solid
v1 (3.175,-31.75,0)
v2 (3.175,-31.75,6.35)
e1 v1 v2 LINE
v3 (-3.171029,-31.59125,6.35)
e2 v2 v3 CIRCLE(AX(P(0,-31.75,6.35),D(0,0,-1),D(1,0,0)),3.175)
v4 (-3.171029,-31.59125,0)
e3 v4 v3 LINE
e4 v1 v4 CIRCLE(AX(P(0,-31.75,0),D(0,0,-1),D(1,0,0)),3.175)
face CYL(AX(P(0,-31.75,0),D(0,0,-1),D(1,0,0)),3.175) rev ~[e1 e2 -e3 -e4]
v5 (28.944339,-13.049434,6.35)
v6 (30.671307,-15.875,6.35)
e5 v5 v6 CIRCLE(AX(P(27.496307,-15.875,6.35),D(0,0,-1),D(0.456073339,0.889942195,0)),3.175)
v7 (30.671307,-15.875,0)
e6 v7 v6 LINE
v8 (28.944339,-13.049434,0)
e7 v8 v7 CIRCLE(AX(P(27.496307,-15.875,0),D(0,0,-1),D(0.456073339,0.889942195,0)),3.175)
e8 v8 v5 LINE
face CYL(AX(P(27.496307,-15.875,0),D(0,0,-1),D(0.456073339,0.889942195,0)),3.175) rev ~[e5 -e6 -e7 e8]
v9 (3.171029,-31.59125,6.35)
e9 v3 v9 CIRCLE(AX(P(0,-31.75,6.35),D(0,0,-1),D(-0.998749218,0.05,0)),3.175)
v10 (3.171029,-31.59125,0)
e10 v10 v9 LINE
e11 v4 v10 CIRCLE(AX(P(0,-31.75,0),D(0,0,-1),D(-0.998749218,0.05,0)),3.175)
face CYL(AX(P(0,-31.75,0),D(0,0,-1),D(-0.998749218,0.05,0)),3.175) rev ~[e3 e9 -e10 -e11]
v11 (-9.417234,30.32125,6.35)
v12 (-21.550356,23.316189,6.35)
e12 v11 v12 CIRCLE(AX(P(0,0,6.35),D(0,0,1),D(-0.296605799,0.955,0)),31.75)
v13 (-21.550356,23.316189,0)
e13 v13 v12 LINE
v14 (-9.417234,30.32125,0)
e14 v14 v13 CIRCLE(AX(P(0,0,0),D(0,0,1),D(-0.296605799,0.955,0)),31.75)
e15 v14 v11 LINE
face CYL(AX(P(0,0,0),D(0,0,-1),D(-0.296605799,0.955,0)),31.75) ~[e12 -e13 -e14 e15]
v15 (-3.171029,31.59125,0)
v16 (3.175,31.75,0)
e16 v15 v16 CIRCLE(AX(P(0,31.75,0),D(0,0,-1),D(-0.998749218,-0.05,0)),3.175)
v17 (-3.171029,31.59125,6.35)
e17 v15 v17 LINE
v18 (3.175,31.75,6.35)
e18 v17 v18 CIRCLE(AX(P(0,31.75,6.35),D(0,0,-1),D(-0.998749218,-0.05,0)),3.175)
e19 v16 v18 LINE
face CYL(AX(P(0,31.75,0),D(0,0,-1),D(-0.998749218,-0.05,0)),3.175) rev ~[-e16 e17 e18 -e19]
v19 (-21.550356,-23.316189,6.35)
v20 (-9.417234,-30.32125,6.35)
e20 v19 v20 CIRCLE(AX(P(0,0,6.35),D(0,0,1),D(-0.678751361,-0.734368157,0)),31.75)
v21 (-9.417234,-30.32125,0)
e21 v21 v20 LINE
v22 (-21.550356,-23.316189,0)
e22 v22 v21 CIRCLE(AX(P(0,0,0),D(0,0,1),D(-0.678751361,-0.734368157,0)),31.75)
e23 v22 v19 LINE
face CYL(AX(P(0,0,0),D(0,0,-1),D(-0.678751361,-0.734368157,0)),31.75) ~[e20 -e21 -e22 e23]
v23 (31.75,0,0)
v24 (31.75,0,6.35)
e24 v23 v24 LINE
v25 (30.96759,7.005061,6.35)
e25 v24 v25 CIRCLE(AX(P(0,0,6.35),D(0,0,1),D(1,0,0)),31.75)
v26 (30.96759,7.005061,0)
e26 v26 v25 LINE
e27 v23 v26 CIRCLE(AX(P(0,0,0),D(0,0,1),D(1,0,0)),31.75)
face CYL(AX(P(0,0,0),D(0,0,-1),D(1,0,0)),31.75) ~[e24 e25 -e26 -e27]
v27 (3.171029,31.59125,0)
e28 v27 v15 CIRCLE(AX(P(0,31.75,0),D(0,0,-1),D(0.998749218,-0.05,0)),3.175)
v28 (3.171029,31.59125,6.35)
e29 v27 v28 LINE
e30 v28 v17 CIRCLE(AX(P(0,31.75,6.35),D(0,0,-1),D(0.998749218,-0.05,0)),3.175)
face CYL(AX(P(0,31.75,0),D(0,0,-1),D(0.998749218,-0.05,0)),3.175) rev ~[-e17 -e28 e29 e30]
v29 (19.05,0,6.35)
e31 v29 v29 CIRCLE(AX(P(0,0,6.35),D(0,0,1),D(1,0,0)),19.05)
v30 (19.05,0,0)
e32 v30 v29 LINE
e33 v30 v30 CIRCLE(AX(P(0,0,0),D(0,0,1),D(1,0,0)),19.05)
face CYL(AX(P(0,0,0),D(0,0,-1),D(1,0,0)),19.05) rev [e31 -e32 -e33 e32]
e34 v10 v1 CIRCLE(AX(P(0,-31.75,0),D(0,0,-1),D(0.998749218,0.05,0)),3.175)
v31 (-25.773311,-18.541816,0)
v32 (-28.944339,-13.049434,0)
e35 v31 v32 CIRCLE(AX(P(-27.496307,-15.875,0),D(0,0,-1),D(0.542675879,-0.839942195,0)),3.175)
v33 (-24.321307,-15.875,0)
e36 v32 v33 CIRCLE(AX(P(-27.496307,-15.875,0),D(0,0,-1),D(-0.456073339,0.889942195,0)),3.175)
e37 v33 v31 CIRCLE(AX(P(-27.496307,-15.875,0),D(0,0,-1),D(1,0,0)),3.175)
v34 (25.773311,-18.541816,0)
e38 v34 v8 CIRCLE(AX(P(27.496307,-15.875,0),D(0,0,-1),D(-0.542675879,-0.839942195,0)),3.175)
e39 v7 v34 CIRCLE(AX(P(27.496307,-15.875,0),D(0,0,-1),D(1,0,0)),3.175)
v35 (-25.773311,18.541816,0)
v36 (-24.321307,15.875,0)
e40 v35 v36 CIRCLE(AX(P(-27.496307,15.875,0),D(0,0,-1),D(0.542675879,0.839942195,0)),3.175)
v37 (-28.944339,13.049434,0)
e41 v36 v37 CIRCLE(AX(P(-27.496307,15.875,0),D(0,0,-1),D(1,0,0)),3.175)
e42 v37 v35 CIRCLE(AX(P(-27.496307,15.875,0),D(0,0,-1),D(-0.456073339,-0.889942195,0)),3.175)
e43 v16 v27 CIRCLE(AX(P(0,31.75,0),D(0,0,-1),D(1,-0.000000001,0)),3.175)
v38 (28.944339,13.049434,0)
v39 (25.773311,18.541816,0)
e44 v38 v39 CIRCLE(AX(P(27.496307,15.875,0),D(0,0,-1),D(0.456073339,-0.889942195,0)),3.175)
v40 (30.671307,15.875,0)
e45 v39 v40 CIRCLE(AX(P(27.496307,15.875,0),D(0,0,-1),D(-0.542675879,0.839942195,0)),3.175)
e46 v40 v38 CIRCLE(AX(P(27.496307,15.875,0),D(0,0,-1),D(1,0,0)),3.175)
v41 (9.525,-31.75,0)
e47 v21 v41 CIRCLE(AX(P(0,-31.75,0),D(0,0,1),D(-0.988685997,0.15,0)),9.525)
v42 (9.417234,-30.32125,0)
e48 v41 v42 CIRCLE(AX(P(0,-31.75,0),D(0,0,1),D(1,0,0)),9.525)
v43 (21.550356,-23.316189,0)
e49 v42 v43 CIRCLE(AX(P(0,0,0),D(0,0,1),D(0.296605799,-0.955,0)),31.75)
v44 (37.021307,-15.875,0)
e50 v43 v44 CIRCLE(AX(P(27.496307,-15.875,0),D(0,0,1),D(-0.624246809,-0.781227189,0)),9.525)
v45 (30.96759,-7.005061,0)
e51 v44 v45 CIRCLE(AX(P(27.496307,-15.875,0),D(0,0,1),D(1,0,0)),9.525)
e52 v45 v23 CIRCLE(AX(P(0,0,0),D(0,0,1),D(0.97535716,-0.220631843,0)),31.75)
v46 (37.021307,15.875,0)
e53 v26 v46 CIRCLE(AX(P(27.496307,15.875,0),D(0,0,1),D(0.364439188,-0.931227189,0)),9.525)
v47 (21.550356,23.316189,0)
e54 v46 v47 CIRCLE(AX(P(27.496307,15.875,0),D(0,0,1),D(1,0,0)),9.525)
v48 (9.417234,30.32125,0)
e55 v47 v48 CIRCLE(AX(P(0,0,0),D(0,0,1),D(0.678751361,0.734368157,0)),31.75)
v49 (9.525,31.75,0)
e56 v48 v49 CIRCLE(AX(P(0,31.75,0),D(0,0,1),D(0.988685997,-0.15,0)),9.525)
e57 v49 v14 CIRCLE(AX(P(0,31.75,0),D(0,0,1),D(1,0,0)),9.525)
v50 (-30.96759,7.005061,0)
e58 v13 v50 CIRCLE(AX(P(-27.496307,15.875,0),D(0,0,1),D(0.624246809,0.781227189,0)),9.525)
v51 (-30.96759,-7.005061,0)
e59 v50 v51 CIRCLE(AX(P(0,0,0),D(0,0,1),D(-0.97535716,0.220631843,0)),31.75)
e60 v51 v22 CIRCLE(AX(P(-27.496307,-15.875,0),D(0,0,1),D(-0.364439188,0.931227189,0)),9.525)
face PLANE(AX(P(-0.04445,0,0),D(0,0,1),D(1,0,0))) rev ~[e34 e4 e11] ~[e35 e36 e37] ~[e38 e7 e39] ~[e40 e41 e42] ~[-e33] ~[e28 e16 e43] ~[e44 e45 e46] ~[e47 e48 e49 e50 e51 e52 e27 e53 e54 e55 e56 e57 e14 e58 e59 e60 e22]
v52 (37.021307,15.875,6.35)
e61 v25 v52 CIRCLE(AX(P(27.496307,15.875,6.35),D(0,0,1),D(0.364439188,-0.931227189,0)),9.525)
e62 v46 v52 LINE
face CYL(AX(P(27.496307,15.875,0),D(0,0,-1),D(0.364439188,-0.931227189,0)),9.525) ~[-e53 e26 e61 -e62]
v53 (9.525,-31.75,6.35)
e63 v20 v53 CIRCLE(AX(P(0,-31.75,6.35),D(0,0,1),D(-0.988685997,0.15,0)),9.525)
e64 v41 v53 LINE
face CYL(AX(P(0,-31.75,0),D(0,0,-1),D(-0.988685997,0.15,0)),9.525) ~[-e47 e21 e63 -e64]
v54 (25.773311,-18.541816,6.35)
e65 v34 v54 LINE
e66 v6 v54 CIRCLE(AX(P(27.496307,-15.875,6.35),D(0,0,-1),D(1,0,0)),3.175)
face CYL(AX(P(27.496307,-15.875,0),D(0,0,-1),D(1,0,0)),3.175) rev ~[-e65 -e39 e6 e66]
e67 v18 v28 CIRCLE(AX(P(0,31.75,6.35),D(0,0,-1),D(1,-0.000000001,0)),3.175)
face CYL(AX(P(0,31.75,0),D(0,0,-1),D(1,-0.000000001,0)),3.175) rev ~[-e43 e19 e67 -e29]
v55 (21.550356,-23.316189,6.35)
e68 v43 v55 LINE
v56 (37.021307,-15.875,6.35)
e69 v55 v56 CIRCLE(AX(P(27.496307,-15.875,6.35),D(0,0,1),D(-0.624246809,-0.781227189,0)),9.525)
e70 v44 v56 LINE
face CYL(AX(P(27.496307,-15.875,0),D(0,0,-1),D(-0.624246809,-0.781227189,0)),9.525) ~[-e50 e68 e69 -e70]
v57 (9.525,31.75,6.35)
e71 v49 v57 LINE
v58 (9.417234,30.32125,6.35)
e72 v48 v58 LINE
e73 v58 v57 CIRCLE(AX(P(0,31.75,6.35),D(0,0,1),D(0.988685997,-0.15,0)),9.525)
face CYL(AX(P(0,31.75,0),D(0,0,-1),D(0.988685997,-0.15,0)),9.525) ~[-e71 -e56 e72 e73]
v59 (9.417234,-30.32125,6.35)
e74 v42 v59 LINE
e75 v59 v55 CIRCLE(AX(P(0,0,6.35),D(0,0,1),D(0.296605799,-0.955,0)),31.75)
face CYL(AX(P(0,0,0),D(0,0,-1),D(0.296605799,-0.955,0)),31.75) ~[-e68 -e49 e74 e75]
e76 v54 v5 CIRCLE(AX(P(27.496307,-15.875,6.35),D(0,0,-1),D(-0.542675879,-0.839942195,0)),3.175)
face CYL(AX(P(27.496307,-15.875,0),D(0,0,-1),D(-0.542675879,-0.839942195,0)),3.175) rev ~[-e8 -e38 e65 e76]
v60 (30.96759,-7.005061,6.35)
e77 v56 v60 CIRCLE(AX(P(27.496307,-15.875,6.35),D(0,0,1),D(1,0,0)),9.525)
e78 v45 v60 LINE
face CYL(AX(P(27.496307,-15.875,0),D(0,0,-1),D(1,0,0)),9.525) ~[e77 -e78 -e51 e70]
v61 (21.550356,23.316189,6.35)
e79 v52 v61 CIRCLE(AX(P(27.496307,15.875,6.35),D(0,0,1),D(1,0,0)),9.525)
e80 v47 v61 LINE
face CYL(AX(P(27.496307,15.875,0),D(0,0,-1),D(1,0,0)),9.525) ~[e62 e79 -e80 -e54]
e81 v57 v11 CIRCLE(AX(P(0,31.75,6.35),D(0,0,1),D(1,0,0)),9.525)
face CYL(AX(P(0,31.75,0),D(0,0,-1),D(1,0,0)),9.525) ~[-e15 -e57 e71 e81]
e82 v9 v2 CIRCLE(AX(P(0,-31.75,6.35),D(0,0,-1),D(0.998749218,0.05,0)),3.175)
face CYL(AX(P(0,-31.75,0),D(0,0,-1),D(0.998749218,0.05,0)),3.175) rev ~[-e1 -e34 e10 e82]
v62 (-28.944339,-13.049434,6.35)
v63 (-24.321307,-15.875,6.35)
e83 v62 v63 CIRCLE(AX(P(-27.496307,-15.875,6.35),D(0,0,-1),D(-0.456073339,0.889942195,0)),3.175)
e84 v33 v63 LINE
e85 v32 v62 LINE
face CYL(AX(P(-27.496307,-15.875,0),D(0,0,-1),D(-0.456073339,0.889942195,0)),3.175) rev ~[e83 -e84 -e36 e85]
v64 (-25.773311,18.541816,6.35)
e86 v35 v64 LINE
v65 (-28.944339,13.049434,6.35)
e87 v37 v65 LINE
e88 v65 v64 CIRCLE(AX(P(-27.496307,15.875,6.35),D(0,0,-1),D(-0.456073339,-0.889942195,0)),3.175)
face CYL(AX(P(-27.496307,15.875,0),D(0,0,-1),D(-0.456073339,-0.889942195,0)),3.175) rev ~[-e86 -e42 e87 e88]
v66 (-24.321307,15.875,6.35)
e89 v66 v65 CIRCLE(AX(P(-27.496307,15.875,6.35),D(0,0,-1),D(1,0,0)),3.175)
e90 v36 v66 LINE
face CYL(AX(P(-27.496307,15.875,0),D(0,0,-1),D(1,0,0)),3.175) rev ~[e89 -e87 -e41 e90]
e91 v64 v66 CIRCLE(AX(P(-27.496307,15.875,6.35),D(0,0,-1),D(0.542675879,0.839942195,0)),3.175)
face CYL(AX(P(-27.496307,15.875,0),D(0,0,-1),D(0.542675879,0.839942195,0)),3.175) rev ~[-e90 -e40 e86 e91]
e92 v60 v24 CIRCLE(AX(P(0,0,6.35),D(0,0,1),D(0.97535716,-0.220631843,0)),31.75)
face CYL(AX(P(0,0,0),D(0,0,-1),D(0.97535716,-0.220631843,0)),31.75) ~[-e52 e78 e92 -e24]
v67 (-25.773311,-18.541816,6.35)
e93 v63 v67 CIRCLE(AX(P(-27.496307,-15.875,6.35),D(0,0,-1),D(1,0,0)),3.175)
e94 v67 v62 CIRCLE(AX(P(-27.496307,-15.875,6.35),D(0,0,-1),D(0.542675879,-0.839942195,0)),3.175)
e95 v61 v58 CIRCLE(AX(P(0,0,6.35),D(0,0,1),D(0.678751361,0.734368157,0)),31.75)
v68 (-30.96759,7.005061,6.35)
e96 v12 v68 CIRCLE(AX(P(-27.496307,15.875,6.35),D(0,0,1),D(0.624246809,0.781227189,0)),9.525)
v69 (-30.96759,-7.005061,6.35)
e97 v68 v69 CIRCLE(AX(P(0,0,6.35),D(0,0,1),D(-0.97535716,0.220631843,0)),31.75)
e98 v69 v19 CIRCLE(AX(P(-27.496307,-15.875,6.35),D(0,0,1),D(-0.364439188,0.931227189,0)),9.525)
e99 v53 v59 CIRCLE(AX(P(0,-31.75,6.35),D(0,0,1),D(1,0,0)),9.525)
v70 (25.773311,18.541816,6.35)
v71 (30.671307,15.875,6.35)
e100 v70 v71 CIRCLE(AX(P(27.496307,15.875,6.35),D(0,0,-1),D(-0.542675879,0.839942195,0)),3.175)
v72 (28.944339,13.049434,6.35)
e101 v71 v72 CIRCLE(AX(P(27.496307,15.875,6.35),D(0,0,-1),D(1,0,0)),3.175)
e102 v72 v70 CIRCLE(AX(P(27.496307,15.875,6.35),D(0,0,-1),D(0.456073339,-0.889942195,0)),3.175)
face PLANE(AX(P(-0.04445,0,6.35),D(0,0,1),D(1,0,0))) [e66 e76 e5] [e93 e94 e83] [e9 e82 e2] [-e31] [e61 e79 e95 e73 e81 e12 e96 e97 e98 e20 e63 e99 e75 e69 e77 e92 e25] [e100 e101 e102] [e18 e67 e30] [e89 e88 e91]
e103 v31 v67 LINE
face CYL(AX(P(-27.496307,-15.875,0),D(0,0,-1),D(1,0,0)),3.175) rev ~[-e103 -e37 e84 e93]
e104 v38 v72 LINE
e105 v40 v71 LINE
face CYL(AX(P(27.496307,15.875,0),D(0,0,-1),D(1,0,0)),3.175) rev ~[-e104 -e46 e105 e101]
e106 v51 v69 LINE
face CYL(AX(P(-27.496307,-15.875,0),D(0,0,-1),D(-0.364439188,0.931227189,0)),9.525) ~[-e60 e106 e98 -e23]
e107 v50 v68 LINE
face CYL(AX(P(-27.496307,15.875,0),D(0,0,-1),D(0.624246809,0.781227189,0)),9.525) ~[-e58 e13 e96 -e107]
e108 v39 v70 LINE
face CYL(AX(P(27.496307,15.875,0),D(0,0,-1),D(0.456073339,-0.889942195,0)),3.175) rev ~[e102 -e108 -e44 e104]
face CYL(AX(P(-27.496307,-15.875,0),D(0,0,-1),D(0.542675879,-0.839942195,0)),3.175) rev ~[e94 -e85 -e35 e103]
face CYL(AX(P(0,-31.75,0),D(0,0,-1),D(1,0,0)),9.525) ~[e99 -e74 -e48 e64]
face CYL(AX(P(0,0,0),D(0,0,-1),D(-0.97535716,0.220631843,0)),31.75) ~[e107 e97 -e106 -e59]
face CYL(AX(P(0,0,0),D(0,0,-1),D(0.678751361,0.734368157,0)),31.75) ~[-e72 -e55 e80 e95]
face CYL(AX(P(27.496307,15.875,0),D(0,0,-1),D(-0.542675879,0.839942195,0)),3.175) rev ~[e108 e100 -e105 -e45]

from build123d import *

# Parameters (mm, degrees)
F0_R     = 19.05
F1_DEPTH = 6.35


with BuildPart() as f1:
    # F0 (on Top) → F1 (new body)
    with BuildSketch(Plane.XY):
        with BuildLine():
            ThreePointArc((30.9675898336, -7.0050610202), (31.5537911923, -3.5243100589), (31.75, 0))
            ThreePointArc((31.75, 0), (31.5537911923, 3.5243100589), (30.9675898336, 7.0050610202))
            ThreePointArc((30.9675898336, 7.0050610202), (19.2474145991, 11.1125), (21.5503557154, 23.3161889798))
            ThreePointArc((21.5503557154, 23.3161889798), (15.875, 27.4963065702), (9.4172341182, 30.32125))
            ThreePointArc((9.4172341182, 30.32125), (0, 22.225), (-9.4172341182, 30.32125))
            ThreePointArc((-9.4172341182, 30.32125), (-15.875, 27.4963065702), (-21.5503557154, 23.3161889798))
            ThreePointArc((-21.5503557154, 23.3161889798), (-18.912577576, 20.0035859025), (-17.9713065702, 15.875))
            ThreePointArc((-17.9713065702, 15.875), (-22.1268721532, 8.0076752296), (-30.9675898336, 7.0050610202))
            ThreePointArc((-30.9675898336, 7.0050610202), (-31.75, 0), (-30.9675898336, -7.0050610202))
            ThreePointArc((-30.9675898336, -7.0050610202), (-22.1268721532, -8.0076752296), (-17.9713065702, -15.875))
            ThreePointArc((-17.9713065702, -15.875), (-18.912577576, -20.0035859025), (-21.5503557154, -23.3161889798))
            ThreePointArc((-21.5503557154, -23.3161889798), (-15.875, -27.4963065702), (-9.4172341182, -30.32125))
            ThreePointArc((-9.4172341182, -30.32125), (0, -22.225), (9.4172341182, -30.32125))
            ThreePointArc((9.4172341182, -30.32125), (15.875, -27.4963065702), (21.5503557154, -23.3161889798))
            ThreePointArc((21.5503557154, -23.3161889798), (19.2474145991, -11.1125), (30.9675898336, -7.0050610202))
        make_face()
        Circle(F0_R, mode=Mode.SUBTRACT)
        with BuildLine():
            ThreePointArc((21.5503557154, 23.3161889798), (19.2474145991, 11.1125), (30.9675898336, 7.0050610202))
            ThreePointArc((30.9675898336, 7.0050610202), (30.1080292697, 10.0781483168), (28.9443394205, 13.0494335321))
            ThreePointArc((28.9443394205, 13.0494335321), (24.7466759131, 14.2875), (25.7733106541, 18.5418164679))
            ThreePointArc((25.7733106541, 18.5418164679), (23.7819471003, 21.035244047), (21.5503557154, 23.3161889798))
        make_face()
        with BuildLine():
            ThreePointArc((28.9443394205, 13.0494335321), (30.1080292697, 10.0781483168), (30.9675898336, 7.0050610202))
            ThreePointArc((30.9675898336, 7.0050610202), (35.3636313405, 10.5055655831), (37.0213065702, 15.875))
            ThreePointArc((37.0213065702, 15.875), (31.6248924726, 24.4587289942), (21.5503557154, 23.3161889798))
            ThreePointArc((21.5503557154, 23.3161889798), (23.7819471003, 21.035244047), (25.7733106541, 18.5418164679))
            ThreePointArc((25.7733106541, 18.5418164679), (29.0145478169, 18.6634706412), (30.6713065702, 15.875))
            ThreePointArc((30.6713065702, 15.875), (30.2053773795, 14.2192342104), (28.9443394205, 13.0494335321))
        make_face()
        with BuildLine():
            ThreePointArc((37.0213065702, -15.875), (35.3636313405, -10.5055655831), (30.9675898336, -7.0050610202))
            ThreePointArc((30.9675898336, -7.0050610202), (30.1080292697, -10.0781483168), (28.9443394205, -13.0494335321))
            ThreePointArc((28.9443394205, -13.0494335321), (30.2053773795, -14.2192342104), (30.6713065702, -15.875))
            ThreePointArc((30.6713065702, -15.875), (29.0145478169, -18.6634706412), (25.7733106541, -18.5418164679))
            ThreePointArc((25.7733106541, -18.5418164679), (23.7819471003, -21.035244047), (21.5503557154, -23.3161889798))
            ThreePointArc((21.5503557154, -23.3161889798), (31.6248924726, -24.4587289942), (37.0213065702, -15.875))
        make_face()
        with BuildLine():
            ThreePointArc((28.9443394205, -13.0494335321), (30.1080292697, -10.0781483168), (30.9675898336, -7.0050610202))
            ThreePointArc((30.9675898336, -7.0050610202), (19.2474145991, -11.1125), (21.5503557154, -23.3161889798))
            ThreePointArc((21.5503557154, -23.3161889798), (23.7819471003, -21.035244047), (25.7733106541, -18.5418164679))
            ThreePointArc((25.7733106541, -18.5418164679), (24.7466759131, -14.2875), (28.9443394205, -13.0494335321))
        make_face()
        with BuildLine():
            ThreePointArc((-9.4172341182, 30.32125), (0, 22.225), (9.4172341182, 30.32125))
            ThreePointArc((9.4172341182, 30.32125), (6.3260821693, 31.1133923638), (3.1710287664, 31.59125))
            ThreePointArc((3.1710287664, 31.59125), (0, 28.575), (-3.1710287664, 31.59125))
            ThreePointArc((-3.1710287664, 31.59125), (-6.3260821693, 31.1133923638), (-9.4172341182, 30.32125))
        make_face()
        with BuildLine():
            ThreePointArc((3.1710287664, 31.59125), (6.3260821693, 31.1133923638), (9.4172341182, 30.32125))
            ThreePointArc((9.4172341182, 30.32125), (9.4980203194, 31.0335957762), (9.525, 31.75))
            ThreePointArc((9.525, 31.75), (-0.7164042238, 41.2480203194), (-9.4172341182, 30.32125))
            ThreePointArc((-9.4172341182, 30.32125), (-6.3260821693, 31.1133923638), (-3.1710287664, 31.59125))
            ThreePointArc((-3.1710287664, 31.59125), (-0.0793998319, 34.9240070363), (3.175, 31.75))
            ThreePointArc((3.175, 31.75), (3.1740070363, 31.6706001681), (3.1710287664, 31.59125))
        make_face()
        with BuildLine():
            ThreePointArc((9.525, -31.75), (9.4980203194, -31.0335957762), (9.4172341182, -30.32125))
            ThreePointArc((9.4172341182, -30.32125), (6.3260821693, -31.1133923638), (3.1710287664, -31.59125))
            ThreePointArc((3.1710287664, -31.59125), (3.1740070363, -31.6706001681), (3.175, -31.75))
            ThreePointArc((3.175, -31.75), (-0.0793998319, -34.9240070363), (-3.1710287664, -31.59125))
            ThreePointArc((-3.1710287664, -31.59125), (-6.3260821693, -31.1133923638), (-9.4172341182, -30.32125))
            ThreePointArc((-9.4172341182, -30.32125), (-0.7164042238, -41.2480203194), (9.525, -31.75))
        make_face()
        with BuildLine():
            ThreePointArc((3.1710287664, -31.59125), (6.3260821693, -31.1133923638), (9.4172341182, -30.32125))
            ThreePointArc((9.4172341182, -30.32125), (0, -22.225), (-9.4172341182, -30.32125))
            ThreePointArc((-9.4172341182, -30.32125), (-6.3260821693, -31.1133923638), (-3.1710287664, -31.59125))
            ThreePointArc((-3.1710287664, -31.59125), (0, -28.575), (3.1710287664, -31.59125))
        make_face()
        with BuildLine():
            ThreePointArc((-17.9713065702, 15.875), (-18.912577576, 20.0035859025), (-21.5503557154, 23.3161889798))
            ThreePointArc((-21.5503557154, 23.3161889798), (-23.7819471003, 21.035244047), (-25.7733106541, 18.5418164679))
            ThreePointArc((-25.7733106541, 18.5418164679), (-24.707835929, 17.3932412467), (-24.3213065702, 15.875))
            ThreePointArc((-24.3213065702, 15.875), (-25.8405407805, 13.1659291907), (-28.9443394205, 13.0494335321))
            ThreePointArc((-28.9443394205, 13.0494335321), (-30.1080292697, 10.0781483168), (-30.9675898336, 7.0050610202))
            ThreePointArc((-30.9675898336, 7.0050610202), (-22.1268721532, 8.0076752296), (-17.9713065702, 15.875))
        make_face()
        with BuildLine():
            ThreePointArc((-25.7733106541, 18.5418164679), (-23.7819471003, 21.035244047), (-21.5503557154, 23.3161889798))
            ThreePointArc((-21.5503557154, 23.3161889798), (-35.7451985412, 20.6375), (-30.9675898336, 7.0050610202))
            ThreePointArc((-30.9675898336, 7.0050610202), (-30.1080292697, 10.0781483168), (-28.9443394205, 13.0494335321))
            ThreePointArc((-28.9443394205, 13.0494335321), (-30.2459372272, 17.4625), (-25.7733106541, 18.5418164679))
        make_face()
        with BuildLine():
            ThreePointArc((-30.9675898336, -7.0050610202), (-35.7451985412, -20.6375), (-21.5503557154, -23.3161889798))
            ThreePointArc((-21.5503557154, -23.3161889798), (-23.7819471003, -21.035244047), (-25.7733106541, -18.5418164679))
            ThreePointArc((-25.7733106541, -18.5418164679), (-30.2459372272, -17.4625), (-28.9443394205, -13.0494335321))
            ThreePointArc((-28.9443394205, -13.0494335321), (-30.1080292697, -10.0781483168), (-30.9675898336, -7.0050610202))
        make_face()
        with BuildLine():
            ThreePointArc((-25.7733106541, -18.5418164679), (-23.7819471003, -21.035244047), (-21.5503557154, -23.3161889798))
            ThreePointArc((-21.5503557154, -23.3161889798), (-18.912577576, -20.0035859025), (-17.9713065702, -15.875))
            ThreePointArc((-17.9713065702, -15.875), (-22.1268721532, -8.0076752296), (-30.9675898336, -7.0050610202))
            ThreePointArc((-30.9675898336, -7.0050610202), (-30.1080292697, -10.0781483168), (-28.9443394205, -13.0494335321))
            ThreePointArc((-28.9443394205, -13.0494335321), (-25.8405407805, -13.1659291907), (-24.3213065702, -15.875))
            ThreePointArc((-24.3213065702, -15.875), (-24.707835929, -17.3932412467), (-25.7733106541, -18.5418164679))
        make_face()
    extrude(amount=F1_DEPTH)


solid = f1.part
